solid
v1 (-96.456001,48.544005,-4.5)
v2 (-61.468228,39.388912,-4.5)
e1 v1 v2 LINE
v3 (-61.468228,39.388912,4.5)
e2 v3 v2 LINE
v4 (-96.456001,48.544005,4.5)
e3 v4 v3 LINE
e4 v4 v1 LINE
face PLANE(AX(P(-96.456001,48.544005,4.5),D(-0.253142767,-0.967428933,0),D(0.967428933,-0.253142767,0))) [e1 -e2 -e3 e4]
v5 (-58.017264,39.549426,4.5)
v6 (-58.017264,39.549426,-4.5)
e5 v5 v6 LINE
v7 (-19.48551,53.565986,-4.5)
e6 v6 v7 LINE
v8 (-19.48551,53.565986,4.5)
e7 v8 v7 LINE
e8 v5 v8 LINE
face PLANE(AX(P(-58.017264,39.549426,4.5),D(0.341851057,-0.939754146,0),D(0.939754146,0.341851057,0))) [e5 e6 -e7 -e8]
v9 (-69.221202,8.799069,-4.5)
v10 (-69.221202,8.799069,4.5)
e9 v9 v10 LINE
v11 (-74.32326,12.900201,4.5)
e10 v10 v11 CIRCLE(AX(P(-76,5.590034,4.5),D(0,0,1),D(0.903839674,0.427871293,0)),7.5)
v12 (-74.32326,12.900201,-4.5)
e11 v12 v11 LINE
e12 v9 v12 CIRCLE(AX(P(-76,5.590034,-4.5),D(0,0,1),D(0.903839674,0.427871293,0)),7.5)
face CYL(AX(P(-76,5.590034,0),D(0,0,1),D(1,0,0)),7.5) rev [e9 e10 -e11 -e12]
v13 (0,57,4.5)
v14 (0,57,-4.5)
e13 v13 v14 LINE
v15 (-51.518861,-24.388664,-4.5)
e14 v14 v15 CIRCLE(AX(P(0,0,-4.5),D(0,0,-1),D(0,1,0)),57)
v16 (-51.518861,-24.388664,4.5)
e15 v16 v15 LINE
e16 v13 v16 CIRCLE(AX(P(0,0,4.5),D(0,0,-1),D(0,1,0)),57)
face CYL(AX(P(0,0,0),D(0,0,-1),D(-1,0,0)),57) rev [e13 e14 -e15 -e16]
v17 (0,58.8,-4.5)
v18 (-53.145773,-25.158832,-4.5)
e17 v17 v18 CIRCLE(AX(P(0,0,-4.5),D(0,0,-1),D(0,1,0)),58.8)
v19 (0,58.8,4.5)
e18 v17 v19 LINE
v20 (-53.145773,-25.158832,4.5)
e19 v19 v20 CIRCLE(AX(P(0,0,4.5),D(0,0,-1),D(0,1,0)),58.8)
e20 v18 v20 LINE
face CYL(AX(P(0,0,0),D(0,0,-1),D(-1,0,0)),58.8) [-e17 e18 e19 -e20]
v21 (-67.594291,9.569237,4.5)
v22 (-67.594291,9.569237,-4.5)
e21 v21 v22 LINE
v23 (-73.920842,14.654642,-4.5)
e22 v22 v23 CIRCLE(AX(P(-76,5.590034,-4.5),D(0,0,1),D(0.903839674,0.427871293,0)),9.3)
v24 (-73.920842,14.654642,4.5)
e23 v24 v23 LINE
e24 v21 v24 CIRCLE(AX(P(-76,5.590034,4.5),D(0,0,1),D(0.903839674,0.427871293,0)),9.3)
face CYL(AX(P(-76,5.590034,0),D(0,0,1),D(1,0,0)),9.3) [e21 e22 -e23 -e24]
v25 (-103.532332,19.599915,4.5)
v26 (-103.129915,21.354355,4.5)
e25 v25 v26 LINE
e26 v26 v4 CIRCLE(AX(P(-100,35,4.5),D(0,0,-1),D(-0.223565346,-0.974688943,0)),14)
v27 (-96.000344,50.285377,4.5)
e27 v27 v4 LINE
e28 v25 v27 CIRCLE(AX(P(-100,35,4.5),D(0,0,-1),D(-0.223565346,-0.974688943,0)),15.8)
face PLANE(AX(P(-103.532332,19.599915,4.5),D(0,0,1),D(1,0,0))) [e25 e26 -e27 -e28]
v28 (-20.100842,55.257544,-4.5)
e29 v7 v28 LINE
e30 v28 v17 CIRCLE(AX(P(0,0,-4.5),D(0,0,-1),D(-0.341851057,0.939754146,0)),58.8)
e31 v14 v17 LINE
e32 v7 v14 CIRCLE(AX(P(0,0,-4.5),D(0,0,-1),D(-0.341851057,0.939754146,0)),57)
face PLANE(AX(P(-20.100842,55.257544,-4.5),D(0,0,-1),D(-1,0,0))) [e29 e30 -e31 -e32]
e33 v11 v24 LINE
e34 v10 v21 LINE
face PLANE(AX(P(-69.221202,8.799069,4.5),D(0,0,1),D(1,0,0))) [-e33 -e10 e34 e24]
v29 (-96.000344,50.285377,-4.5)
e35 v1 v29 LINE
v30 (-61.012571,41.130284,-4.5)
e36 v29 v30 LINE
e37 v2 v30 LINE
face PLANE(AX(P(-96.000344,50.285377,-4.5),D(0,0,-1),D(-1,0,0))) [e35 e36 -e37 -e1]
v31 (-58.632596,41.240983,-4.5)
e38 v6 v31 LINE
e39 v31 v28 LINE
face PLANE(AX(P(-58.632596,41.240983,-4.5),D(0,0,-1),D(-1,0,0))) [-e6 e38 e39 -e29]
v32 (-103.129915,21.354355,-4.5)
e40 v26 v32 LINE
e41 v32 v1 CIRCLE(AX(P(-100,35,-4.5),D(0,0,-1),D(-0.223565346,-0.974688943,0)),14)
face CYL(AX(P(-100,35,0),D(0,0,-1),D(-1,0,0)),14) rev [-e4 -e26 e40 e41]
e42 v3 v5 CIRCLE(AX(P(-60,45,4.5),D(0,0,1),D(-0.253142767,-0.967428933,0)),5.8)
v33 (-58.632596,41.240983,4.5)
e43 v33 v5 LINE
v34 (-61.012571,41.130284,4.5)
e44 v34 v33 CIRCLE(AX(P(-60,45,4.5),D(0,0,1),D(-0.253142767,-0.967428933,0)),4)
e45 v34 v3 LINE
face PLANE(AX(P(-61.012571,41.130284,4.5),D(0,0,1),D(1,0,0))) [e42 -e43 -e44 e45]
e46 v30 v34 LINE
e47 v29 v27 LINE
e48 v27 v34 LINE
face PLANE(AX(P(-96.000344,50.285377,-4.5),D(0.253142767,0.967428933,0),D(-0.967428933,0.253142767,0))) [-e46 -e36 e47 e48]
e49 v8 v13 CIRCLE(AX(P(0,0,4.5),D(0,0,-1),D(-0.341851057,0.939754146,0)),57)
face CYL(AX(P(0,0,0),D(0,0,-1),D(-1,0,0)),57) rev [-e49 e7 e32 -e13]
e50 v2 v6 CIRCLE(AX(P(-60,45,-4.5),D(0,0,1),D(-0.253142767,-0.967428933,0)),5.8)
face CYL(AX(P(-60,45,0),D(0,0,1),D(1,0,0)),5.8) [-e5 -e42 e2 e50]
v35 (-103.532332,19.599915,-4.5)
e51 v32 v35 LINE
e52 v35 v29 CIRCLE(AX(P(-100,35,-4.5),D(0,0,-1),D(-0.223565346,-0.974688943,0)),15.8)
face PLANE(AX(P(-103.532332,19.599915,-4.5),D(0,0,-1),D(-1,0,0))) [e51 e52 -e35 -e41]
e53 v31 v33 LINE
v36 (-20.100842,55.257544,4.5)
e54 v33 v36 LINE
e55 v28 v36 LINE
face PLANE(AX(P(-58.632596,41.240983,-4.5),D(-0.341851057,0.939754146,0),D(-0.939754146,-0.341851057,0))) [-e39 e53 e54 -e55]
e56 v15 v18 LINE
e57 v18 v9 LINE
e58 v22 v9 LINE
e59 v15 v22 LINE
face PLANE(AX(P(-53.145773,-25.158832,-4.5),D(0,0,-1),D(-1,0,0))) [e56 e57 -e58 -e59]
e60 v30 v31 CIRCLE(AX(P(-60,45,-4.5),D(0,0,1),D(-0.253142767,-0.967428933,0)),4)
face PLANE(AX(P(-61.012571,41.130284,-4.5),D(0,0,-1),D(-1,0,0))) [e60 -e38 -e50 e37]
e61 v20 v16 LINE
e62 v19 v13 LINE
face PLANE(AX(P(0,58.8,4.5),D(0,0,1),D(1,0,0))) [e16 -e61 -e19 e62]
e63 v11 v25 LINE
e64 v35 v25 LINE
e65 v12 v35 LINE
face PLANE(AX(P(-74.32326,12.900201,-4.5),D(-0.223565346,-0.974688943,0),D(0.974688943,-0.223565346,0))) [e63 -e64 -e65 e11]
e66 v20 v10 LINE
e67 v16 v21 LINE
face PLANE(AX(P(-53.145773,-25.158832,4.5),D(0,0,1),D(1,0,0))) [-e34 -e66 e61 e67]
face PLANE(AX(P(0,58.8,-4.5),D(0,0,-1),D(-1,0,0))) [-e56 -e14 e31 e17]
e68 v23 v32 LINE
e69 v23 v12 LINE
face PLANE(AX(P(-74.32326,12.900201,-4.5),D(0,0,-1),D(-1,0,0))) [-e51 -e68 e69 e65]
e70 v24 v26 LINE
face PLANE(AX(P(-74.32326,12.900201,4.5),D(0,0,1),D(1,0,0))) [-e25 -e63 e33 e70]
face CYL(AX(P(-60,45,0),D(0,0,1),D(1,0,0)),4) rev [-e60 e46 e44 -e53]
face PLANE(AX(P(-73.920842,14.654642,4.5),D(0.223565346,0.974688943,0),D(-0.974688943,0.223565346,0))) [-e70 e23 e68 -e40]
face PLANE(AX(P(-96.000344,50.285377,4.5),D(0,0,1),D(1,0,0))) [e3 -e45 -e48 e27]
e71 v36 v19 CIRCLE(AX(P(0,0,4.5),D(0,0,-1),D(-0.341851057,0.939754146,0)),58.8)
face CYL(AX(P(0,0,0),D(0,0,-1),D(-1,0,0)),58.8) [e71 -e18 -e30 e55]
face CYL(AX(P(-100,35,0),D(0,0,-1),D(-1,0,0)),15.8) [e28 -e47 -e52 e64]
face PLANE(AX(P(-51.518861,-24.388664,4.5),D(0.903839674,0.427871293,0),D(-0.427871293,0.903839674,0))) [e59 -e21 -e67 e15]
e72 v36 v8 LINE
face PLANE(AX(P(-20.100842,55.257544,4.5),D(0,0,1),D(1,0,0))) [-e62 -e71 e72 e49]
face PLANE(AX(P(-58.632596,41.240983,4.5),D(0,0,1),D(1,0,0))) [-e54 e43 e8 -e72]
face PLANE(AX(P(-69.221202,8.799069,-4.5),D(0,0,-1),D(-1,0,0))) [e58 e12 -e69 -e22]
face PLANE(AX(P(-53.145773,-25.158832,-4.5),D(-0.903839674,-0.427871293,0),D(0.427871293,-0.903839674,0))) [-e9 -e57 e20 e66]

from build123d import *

# Parameters (mm, degrees)
SKETCH3_W = 9
SKETCH3_H = 1.8


with BuildPart() as part:
    # Sweep1: sweep along a path in Sketch2
    with BuildLine(Plane.XY) as sweep1_path:
        Line((-19.485510265, 53.565986313), (-58.017263868, 39.549425954))
        ThreePointArc((-58.017263868, 39.549425954), (-59.730517516, 39.206263797), (-61.468228048, 39.388912191))
        Line((-61.468228048, 39.388912191), (-96.456001264, 48.544005056))
        ThreePointArc((-96.456001264, 48.544005056), (-113.596401609, 38.337343746), (-103.129914839, 21.354354794))
        Line((-103.129914839, 21.354354794), (-73.920842285, 14.654641571))
        ThreePointArc((-73.920842285, 14.654641571), (-70.173470914, 12.838590034), (-67.594291029, 9.569237421))
        Line((-67.594291029, 9.569237421), (-51.518861434, -24.38866369))
        ThreePointArc((-51.518861434, -24.38866369), (52.72226346, -21.664785612), (-19.485510265, 53.565986313))
    # Sketch3 → Sweep1 (sweep)
    with BuildSketch(Plane(origin=(0, 0, 0), x_dir=(0, 0, -1), z_dir=(1, 0, 0))):
        with Locations((0, 57.9)):
            Rectangle(SKETCH3_W, SKETCH3_H)
    sweep(path=sweep1_path.line)


solid = part.part
